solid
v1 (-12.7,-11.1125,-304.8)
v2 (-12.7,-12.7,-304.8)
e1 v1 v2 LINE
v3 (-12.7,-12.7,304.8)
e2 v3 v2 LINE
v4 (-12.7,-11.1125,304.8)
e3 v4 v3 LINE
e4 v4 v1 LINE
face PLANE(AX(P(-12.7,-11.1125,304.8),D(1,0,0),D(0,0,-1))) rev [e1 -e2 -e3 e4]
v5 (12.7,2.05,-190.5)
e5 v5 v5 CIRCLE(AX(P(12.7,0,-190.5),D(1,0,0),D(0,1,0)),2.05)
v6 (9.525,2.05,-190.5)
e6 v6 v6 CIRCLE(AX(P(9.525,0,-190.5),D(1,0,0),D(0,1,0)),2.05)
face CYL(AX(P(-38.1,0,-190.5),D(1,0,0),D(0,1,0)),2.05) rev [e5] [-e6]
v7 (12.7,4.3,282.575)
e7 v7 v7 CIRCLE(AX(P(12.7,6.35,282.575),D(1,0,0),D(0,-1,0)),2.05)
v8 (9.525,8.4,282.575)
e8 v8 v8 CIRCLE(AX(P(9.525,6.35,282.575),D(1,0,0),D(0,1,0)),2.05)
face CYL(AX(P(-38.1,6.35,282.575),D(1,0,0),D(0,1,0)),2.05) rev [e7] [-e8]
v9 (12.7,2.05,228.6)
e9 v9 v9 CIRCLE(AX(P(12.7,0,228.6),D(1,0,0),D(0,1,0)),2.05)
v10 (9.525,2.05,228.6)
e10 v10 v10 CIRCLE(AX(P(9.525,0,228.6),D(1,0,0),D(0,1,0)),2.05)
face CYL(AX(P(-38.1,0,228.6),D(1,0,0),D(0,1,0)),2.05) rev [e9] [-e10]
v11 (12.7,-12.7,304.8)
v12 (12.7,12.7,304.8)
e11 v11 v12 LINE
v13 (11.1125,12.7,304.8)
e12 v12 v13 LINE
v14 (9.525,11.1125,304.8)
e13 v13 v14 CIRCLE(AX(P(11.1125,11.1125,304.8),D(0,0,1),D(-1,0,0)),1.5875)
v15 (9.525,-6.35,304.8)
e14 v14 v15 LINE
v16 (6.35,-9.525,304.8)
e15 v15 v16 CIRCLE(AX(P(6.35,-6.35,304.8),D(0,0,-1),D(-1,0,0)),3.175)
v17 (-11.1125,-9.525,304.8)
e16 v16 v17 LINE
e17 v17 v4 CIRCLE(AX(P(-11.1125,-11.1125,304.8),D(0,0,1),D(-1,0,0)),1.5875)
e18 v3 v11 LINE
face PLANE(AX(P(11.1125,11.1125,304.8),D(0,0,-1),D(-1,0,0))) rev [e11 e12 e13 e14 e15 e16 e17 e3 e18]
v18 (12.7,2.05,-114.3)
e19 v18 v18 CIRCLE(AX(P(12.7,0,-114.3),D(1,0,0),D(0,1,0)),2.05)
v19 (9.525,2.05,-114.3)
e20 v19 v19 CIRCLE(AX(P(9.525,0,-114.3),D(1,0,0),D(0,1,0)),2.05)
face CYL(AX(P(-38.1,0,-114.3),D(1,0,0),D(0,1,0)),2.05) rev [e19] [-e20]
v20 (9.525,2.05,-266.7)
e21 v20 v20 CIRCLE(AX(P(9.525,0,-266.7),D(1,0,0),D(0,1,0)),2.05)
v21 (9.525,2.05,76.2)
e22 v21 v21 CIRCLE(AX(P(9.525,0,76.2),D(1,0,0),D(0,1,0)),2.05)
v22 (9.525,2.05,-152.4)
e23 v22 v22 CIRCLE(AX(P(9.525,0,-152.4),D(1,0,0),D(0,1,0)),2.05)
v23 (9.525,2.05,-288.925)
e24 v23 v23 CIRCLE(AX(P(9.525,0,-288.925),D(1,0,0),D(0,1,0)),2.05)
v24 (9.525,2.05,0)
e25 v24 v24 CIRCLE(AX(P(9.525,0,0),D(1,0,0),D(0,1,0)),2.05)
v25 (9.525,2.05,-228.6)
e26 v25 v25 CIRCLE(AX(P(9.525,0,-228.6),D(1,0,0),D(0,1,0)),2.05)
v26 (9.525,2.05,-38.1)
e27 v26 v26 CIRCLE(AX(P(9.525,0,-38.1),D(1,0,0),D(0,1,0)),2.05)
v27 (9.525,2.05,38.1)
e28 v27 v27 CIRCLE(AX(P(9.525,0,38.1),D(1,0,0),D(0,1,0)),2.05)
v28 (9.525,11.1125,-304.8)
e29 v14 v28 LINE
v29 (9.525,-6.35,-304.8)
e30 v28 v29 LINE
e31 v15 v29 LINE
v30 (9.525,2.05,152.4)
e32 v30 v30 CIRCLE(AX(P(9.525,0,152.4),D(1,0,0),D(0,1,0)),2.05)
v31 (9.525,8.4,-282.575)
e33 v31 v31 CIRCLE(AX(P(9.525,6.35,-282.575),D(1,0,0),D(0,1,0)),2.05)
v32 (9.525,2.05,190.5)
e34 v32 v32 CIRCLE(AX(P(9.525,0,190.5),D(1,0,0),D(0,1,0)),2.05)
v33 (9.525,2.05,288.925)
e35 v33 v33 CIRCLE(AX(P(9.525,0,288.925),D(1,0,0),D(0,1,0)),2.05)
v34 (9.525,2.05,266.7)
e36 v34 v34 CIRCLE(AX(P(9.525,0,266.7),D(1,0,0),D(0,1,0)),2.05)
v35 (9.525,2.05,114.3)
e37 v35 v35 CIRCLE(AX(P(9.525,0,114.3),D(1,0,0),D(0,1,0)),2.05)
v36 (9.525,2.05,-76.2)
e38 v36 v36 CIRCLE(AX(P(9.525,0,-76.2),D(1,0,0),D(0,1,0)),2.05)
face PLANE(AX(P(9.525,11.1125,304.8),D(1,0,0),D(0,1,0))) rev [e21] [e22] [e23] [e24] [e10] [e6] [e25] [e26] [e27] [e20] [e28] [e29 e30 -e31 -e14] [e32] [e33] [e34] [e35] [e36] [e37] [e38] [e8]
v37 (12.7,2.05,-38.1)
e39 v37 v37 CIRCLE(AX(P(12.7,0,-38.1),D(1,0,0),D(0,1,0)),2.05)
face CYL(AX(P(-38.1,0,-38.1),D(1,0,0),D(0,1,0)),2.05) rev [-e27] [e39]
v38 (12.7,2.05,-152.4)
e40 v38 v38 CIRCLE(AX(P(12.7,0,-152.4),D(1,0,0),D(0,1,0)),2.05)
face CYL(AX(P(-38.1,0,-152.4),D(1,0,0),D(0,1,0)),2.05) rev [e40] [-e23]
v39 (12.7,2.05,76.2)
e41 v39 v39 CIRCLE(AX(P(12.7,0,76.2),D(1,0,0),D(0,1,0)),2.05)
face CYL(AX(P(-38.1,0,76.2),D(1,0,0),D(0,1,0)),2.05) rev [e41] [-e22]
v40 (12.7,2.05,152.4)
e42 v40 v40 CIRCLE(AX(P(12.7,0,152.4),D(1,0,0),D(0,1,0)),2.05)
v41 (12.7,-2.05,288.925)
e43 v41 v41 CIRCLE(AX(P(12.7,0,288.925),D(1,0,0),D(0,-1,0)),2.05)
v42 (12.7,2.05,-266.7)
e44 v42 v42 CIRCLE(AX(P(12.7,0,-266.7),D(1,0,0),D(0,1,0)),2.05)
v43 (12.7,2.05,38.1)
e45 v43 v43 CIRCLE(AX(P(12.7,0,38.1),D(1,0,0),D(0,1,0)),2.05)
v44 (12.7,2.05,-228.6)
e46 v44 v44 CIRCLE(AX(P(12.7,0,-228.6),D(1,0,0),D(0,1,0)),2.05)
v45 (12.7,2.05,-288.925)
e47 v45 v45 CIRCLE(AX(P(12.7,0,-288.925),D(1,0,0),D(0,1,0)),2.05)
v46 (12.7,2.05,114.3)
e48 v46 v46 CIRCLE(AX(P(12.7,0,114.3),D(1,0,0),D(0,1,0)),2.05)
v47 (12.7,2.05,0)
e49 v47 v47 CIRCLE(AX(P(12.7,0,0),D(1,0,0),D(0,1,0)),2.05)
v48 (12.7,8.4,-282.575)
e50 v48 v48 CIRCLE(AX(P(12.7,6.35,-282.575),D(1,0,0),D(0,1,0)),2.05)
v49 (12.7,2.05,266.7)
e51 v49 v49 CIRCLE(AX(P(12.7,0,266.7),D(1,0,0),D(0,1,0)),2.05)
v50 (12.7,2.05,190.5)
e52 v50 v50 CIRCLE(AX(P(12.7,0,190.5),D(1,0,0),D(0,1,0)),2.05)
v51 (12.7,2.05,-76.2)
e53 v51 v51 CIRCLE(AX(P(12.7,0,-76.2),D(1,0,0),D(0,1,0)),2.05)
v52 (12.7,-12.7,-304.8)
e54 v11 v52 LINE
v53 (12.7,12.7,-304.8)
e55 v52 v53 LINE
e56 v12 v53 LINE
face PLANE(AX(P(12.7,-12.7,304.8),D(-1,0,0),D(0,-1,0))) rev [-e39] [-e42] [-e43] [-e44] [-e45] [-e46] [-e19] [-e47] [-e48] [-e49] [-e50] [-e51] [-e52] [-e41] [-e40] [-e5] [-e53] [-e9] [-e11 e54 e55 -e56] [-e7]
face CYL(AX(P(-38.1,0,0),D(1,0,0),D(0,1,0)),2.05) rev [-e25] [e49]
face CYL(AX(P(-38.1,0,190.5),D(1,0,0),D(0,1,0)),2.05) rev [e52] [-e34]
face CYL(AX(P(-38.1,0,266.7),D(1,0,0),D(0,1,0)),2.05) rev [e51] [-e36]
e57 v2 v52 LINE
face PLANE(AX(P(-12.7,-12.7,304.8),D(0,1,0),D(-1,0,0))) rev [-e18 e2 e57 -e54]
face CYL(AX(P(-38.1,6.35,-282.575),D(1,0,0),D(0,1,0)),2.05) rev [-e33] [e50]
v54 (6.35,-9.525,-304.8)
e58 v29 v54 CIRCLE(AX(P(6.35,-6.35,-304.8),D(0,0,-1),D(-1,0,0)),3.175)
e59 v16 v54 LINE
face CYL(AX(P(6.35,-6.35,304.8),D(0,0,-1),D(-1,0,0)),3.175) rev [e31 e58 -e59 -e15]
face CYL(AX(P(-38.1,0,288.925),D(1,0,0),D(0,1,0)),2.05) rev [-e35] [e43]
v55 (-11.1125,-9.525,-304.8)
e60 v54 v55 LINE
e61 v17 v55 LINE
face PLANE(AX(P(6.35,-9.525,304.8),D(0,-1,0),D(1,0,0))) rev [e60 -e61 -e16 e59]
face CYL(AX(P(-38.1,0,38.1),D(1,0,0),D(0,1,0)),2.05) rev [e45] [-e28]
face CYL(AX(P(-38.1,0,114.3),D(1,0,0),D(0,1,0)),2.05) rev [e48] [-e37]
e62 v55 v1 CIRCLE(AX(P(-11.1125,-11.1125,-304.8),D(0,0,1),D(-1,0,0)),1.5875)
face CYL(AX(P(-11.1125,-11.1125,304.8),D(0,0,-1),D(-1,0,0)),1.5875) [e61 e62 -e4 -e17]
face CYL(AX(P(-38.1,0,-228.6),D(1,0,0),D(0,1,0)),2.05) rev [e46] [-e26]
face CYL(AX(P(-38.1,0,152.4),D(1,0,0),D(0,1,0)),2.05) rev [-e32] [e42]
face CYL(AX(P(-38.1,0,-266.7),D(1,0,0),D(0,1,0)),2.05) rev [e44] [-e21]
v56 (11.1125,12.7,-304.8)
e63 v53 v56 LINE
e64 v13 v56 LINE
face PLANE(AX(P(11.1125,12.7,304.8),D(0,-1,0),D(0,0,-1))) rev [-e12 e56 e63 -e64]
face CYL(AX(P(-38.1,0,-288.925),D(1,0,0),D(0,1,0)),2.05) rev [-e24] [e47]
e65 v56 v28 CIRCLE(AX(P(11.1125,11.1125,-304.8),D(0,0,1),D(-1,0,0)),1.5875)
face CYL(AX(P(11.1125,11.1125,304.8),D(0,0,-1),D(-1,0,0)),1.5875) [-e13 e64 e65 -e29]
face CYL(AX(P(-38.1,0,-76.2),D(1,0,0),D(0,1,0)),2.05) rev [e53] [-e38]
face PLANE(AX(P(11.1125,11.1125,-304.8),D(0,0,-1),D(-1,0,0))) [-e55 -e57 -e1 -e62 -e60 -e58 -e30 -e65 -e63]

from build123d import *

# Parameters (mm, degrees)
BOSS_EXTRUDE1_DEPTH = 304.8
SKETCH11_R          = 2.05
CUT_EXTRUDE1_DEPTH  = 50.8


with BuildPart() as part:
    # Sketch2 → Boss-Extrude1 (new, symmetric)
    with BuildSketch(Plane.XY):
        with BuildLine():
            Line((-12.7, -12.7), (12.7, -12.7))
            Line((12.7, -12.7), (12.7, 12.7))
            Line((12.7, 12.7), (11.1125, 12.7))
            ThreePointArc((11.1125, 12.7), (9.989967985, 12.235032015), (9.525, 11.1125))
            Line((9.525, 11.1125), (9.525, -6.35))
            ThreePointArc((9.525, -6.35), (8.59506403, -8.59506403), (6.35, -9.525))
            Line((6.35, -9.525), (-11.1125, -9.525))
            ThreePointArc((-11.1125, -9.525), (-12.235032015, -9.989967985), (-12.7, -11.1125))
            Line((-12.7, -11.1125), (-12.7, -12.7))
        make_face()
    extrude(amount=BOSS_EXTRUDE1_DEPTH, both=True)

    # Sketch11 → Cut-Extrude1 (cut)
    with BuildSketch(Plane(origin=(12.7, 0, 0), x_dir=(0, 0, -1), z_dir=(1, 0, 0))):
        with Locations(Location((288.925, 0, 0), (0, 0, 90))):
            Circle(SKETCH11_R)
        with Locations(Location((282.575, 6.35, 0), (0, 0, 90))):
            Circle(SKETCH11_R)
        with Locations(Location((266.7, 0, 0), (0, 0, 90))):
            Circle(SKETCH11_R)
        with Locations(Location((228.6, 0, 0), (0, 0, 90))):
            Circle(SKETCH11_R)
        with Locations(Location((190.5, 0, 0), (0, 0, 90))):
            Circle(SKETCH11_R)
        with Locations(Location((152.4, 0, 0), (0, 0, 90))):
            Circle(SKETCH11_R)
        with Locations(Location((114.3, 0, 0), (0, 0, 90))):
            Circle(SKETCH11_R)
        with Locations(Location((76.2, 0, 0), (0, 0, 90))):
            Circle(SKETCH11_R)
        with Locations(Location((38.1, 0, 0), (0, 0, 90))):
            Circle(SKETCH11_R)
        with Locations(Location((0, 0, 0), (0, 0, 90))):
            Circle(SKETCH11_R)
        with Locations(Location((-38.1, 0, 0), (0, 0, 90))):
            Circle(SKETCH11_R)
        with Locations(Location((-76.2, 0, 0), (0, 0, 90))):
            Circle(SKETCH11_R)
        with Locations(Location((-114.3, 0, 0), (0, 0, 90))):
            Circle(SKETCH11_R)
        with Locations(Location((-152.4, 0, 0), (0, 0, 90))):
            Circle(SKETCH11_R)
        with Locations(Location((-190.5, 0, 0), (0, 0, 90))):
            Circle(SKETCH11_R)
        with Locations(Location((-228.6, 0, 0), (0, 0, 90))):
            Circle(SKETCH11_R)
        with Locations(Location((-266.7, 0, 0), (0, 0, 90))):
            Circle(SKETCH11_R)
        with Locations(Location((-282.575, 6.35, 0), (0, 0, 90))):
            Circle(SKETCH11_R)
        with Locations(Location((-288.925, 0, 0), (0, 0, 90))):
            Circle(SKETCH11_R)
    extrude(amount=-CUT_EXTRUDE1_DEPTH, mode=Mode.SUBTRACT)


solid = part.part
